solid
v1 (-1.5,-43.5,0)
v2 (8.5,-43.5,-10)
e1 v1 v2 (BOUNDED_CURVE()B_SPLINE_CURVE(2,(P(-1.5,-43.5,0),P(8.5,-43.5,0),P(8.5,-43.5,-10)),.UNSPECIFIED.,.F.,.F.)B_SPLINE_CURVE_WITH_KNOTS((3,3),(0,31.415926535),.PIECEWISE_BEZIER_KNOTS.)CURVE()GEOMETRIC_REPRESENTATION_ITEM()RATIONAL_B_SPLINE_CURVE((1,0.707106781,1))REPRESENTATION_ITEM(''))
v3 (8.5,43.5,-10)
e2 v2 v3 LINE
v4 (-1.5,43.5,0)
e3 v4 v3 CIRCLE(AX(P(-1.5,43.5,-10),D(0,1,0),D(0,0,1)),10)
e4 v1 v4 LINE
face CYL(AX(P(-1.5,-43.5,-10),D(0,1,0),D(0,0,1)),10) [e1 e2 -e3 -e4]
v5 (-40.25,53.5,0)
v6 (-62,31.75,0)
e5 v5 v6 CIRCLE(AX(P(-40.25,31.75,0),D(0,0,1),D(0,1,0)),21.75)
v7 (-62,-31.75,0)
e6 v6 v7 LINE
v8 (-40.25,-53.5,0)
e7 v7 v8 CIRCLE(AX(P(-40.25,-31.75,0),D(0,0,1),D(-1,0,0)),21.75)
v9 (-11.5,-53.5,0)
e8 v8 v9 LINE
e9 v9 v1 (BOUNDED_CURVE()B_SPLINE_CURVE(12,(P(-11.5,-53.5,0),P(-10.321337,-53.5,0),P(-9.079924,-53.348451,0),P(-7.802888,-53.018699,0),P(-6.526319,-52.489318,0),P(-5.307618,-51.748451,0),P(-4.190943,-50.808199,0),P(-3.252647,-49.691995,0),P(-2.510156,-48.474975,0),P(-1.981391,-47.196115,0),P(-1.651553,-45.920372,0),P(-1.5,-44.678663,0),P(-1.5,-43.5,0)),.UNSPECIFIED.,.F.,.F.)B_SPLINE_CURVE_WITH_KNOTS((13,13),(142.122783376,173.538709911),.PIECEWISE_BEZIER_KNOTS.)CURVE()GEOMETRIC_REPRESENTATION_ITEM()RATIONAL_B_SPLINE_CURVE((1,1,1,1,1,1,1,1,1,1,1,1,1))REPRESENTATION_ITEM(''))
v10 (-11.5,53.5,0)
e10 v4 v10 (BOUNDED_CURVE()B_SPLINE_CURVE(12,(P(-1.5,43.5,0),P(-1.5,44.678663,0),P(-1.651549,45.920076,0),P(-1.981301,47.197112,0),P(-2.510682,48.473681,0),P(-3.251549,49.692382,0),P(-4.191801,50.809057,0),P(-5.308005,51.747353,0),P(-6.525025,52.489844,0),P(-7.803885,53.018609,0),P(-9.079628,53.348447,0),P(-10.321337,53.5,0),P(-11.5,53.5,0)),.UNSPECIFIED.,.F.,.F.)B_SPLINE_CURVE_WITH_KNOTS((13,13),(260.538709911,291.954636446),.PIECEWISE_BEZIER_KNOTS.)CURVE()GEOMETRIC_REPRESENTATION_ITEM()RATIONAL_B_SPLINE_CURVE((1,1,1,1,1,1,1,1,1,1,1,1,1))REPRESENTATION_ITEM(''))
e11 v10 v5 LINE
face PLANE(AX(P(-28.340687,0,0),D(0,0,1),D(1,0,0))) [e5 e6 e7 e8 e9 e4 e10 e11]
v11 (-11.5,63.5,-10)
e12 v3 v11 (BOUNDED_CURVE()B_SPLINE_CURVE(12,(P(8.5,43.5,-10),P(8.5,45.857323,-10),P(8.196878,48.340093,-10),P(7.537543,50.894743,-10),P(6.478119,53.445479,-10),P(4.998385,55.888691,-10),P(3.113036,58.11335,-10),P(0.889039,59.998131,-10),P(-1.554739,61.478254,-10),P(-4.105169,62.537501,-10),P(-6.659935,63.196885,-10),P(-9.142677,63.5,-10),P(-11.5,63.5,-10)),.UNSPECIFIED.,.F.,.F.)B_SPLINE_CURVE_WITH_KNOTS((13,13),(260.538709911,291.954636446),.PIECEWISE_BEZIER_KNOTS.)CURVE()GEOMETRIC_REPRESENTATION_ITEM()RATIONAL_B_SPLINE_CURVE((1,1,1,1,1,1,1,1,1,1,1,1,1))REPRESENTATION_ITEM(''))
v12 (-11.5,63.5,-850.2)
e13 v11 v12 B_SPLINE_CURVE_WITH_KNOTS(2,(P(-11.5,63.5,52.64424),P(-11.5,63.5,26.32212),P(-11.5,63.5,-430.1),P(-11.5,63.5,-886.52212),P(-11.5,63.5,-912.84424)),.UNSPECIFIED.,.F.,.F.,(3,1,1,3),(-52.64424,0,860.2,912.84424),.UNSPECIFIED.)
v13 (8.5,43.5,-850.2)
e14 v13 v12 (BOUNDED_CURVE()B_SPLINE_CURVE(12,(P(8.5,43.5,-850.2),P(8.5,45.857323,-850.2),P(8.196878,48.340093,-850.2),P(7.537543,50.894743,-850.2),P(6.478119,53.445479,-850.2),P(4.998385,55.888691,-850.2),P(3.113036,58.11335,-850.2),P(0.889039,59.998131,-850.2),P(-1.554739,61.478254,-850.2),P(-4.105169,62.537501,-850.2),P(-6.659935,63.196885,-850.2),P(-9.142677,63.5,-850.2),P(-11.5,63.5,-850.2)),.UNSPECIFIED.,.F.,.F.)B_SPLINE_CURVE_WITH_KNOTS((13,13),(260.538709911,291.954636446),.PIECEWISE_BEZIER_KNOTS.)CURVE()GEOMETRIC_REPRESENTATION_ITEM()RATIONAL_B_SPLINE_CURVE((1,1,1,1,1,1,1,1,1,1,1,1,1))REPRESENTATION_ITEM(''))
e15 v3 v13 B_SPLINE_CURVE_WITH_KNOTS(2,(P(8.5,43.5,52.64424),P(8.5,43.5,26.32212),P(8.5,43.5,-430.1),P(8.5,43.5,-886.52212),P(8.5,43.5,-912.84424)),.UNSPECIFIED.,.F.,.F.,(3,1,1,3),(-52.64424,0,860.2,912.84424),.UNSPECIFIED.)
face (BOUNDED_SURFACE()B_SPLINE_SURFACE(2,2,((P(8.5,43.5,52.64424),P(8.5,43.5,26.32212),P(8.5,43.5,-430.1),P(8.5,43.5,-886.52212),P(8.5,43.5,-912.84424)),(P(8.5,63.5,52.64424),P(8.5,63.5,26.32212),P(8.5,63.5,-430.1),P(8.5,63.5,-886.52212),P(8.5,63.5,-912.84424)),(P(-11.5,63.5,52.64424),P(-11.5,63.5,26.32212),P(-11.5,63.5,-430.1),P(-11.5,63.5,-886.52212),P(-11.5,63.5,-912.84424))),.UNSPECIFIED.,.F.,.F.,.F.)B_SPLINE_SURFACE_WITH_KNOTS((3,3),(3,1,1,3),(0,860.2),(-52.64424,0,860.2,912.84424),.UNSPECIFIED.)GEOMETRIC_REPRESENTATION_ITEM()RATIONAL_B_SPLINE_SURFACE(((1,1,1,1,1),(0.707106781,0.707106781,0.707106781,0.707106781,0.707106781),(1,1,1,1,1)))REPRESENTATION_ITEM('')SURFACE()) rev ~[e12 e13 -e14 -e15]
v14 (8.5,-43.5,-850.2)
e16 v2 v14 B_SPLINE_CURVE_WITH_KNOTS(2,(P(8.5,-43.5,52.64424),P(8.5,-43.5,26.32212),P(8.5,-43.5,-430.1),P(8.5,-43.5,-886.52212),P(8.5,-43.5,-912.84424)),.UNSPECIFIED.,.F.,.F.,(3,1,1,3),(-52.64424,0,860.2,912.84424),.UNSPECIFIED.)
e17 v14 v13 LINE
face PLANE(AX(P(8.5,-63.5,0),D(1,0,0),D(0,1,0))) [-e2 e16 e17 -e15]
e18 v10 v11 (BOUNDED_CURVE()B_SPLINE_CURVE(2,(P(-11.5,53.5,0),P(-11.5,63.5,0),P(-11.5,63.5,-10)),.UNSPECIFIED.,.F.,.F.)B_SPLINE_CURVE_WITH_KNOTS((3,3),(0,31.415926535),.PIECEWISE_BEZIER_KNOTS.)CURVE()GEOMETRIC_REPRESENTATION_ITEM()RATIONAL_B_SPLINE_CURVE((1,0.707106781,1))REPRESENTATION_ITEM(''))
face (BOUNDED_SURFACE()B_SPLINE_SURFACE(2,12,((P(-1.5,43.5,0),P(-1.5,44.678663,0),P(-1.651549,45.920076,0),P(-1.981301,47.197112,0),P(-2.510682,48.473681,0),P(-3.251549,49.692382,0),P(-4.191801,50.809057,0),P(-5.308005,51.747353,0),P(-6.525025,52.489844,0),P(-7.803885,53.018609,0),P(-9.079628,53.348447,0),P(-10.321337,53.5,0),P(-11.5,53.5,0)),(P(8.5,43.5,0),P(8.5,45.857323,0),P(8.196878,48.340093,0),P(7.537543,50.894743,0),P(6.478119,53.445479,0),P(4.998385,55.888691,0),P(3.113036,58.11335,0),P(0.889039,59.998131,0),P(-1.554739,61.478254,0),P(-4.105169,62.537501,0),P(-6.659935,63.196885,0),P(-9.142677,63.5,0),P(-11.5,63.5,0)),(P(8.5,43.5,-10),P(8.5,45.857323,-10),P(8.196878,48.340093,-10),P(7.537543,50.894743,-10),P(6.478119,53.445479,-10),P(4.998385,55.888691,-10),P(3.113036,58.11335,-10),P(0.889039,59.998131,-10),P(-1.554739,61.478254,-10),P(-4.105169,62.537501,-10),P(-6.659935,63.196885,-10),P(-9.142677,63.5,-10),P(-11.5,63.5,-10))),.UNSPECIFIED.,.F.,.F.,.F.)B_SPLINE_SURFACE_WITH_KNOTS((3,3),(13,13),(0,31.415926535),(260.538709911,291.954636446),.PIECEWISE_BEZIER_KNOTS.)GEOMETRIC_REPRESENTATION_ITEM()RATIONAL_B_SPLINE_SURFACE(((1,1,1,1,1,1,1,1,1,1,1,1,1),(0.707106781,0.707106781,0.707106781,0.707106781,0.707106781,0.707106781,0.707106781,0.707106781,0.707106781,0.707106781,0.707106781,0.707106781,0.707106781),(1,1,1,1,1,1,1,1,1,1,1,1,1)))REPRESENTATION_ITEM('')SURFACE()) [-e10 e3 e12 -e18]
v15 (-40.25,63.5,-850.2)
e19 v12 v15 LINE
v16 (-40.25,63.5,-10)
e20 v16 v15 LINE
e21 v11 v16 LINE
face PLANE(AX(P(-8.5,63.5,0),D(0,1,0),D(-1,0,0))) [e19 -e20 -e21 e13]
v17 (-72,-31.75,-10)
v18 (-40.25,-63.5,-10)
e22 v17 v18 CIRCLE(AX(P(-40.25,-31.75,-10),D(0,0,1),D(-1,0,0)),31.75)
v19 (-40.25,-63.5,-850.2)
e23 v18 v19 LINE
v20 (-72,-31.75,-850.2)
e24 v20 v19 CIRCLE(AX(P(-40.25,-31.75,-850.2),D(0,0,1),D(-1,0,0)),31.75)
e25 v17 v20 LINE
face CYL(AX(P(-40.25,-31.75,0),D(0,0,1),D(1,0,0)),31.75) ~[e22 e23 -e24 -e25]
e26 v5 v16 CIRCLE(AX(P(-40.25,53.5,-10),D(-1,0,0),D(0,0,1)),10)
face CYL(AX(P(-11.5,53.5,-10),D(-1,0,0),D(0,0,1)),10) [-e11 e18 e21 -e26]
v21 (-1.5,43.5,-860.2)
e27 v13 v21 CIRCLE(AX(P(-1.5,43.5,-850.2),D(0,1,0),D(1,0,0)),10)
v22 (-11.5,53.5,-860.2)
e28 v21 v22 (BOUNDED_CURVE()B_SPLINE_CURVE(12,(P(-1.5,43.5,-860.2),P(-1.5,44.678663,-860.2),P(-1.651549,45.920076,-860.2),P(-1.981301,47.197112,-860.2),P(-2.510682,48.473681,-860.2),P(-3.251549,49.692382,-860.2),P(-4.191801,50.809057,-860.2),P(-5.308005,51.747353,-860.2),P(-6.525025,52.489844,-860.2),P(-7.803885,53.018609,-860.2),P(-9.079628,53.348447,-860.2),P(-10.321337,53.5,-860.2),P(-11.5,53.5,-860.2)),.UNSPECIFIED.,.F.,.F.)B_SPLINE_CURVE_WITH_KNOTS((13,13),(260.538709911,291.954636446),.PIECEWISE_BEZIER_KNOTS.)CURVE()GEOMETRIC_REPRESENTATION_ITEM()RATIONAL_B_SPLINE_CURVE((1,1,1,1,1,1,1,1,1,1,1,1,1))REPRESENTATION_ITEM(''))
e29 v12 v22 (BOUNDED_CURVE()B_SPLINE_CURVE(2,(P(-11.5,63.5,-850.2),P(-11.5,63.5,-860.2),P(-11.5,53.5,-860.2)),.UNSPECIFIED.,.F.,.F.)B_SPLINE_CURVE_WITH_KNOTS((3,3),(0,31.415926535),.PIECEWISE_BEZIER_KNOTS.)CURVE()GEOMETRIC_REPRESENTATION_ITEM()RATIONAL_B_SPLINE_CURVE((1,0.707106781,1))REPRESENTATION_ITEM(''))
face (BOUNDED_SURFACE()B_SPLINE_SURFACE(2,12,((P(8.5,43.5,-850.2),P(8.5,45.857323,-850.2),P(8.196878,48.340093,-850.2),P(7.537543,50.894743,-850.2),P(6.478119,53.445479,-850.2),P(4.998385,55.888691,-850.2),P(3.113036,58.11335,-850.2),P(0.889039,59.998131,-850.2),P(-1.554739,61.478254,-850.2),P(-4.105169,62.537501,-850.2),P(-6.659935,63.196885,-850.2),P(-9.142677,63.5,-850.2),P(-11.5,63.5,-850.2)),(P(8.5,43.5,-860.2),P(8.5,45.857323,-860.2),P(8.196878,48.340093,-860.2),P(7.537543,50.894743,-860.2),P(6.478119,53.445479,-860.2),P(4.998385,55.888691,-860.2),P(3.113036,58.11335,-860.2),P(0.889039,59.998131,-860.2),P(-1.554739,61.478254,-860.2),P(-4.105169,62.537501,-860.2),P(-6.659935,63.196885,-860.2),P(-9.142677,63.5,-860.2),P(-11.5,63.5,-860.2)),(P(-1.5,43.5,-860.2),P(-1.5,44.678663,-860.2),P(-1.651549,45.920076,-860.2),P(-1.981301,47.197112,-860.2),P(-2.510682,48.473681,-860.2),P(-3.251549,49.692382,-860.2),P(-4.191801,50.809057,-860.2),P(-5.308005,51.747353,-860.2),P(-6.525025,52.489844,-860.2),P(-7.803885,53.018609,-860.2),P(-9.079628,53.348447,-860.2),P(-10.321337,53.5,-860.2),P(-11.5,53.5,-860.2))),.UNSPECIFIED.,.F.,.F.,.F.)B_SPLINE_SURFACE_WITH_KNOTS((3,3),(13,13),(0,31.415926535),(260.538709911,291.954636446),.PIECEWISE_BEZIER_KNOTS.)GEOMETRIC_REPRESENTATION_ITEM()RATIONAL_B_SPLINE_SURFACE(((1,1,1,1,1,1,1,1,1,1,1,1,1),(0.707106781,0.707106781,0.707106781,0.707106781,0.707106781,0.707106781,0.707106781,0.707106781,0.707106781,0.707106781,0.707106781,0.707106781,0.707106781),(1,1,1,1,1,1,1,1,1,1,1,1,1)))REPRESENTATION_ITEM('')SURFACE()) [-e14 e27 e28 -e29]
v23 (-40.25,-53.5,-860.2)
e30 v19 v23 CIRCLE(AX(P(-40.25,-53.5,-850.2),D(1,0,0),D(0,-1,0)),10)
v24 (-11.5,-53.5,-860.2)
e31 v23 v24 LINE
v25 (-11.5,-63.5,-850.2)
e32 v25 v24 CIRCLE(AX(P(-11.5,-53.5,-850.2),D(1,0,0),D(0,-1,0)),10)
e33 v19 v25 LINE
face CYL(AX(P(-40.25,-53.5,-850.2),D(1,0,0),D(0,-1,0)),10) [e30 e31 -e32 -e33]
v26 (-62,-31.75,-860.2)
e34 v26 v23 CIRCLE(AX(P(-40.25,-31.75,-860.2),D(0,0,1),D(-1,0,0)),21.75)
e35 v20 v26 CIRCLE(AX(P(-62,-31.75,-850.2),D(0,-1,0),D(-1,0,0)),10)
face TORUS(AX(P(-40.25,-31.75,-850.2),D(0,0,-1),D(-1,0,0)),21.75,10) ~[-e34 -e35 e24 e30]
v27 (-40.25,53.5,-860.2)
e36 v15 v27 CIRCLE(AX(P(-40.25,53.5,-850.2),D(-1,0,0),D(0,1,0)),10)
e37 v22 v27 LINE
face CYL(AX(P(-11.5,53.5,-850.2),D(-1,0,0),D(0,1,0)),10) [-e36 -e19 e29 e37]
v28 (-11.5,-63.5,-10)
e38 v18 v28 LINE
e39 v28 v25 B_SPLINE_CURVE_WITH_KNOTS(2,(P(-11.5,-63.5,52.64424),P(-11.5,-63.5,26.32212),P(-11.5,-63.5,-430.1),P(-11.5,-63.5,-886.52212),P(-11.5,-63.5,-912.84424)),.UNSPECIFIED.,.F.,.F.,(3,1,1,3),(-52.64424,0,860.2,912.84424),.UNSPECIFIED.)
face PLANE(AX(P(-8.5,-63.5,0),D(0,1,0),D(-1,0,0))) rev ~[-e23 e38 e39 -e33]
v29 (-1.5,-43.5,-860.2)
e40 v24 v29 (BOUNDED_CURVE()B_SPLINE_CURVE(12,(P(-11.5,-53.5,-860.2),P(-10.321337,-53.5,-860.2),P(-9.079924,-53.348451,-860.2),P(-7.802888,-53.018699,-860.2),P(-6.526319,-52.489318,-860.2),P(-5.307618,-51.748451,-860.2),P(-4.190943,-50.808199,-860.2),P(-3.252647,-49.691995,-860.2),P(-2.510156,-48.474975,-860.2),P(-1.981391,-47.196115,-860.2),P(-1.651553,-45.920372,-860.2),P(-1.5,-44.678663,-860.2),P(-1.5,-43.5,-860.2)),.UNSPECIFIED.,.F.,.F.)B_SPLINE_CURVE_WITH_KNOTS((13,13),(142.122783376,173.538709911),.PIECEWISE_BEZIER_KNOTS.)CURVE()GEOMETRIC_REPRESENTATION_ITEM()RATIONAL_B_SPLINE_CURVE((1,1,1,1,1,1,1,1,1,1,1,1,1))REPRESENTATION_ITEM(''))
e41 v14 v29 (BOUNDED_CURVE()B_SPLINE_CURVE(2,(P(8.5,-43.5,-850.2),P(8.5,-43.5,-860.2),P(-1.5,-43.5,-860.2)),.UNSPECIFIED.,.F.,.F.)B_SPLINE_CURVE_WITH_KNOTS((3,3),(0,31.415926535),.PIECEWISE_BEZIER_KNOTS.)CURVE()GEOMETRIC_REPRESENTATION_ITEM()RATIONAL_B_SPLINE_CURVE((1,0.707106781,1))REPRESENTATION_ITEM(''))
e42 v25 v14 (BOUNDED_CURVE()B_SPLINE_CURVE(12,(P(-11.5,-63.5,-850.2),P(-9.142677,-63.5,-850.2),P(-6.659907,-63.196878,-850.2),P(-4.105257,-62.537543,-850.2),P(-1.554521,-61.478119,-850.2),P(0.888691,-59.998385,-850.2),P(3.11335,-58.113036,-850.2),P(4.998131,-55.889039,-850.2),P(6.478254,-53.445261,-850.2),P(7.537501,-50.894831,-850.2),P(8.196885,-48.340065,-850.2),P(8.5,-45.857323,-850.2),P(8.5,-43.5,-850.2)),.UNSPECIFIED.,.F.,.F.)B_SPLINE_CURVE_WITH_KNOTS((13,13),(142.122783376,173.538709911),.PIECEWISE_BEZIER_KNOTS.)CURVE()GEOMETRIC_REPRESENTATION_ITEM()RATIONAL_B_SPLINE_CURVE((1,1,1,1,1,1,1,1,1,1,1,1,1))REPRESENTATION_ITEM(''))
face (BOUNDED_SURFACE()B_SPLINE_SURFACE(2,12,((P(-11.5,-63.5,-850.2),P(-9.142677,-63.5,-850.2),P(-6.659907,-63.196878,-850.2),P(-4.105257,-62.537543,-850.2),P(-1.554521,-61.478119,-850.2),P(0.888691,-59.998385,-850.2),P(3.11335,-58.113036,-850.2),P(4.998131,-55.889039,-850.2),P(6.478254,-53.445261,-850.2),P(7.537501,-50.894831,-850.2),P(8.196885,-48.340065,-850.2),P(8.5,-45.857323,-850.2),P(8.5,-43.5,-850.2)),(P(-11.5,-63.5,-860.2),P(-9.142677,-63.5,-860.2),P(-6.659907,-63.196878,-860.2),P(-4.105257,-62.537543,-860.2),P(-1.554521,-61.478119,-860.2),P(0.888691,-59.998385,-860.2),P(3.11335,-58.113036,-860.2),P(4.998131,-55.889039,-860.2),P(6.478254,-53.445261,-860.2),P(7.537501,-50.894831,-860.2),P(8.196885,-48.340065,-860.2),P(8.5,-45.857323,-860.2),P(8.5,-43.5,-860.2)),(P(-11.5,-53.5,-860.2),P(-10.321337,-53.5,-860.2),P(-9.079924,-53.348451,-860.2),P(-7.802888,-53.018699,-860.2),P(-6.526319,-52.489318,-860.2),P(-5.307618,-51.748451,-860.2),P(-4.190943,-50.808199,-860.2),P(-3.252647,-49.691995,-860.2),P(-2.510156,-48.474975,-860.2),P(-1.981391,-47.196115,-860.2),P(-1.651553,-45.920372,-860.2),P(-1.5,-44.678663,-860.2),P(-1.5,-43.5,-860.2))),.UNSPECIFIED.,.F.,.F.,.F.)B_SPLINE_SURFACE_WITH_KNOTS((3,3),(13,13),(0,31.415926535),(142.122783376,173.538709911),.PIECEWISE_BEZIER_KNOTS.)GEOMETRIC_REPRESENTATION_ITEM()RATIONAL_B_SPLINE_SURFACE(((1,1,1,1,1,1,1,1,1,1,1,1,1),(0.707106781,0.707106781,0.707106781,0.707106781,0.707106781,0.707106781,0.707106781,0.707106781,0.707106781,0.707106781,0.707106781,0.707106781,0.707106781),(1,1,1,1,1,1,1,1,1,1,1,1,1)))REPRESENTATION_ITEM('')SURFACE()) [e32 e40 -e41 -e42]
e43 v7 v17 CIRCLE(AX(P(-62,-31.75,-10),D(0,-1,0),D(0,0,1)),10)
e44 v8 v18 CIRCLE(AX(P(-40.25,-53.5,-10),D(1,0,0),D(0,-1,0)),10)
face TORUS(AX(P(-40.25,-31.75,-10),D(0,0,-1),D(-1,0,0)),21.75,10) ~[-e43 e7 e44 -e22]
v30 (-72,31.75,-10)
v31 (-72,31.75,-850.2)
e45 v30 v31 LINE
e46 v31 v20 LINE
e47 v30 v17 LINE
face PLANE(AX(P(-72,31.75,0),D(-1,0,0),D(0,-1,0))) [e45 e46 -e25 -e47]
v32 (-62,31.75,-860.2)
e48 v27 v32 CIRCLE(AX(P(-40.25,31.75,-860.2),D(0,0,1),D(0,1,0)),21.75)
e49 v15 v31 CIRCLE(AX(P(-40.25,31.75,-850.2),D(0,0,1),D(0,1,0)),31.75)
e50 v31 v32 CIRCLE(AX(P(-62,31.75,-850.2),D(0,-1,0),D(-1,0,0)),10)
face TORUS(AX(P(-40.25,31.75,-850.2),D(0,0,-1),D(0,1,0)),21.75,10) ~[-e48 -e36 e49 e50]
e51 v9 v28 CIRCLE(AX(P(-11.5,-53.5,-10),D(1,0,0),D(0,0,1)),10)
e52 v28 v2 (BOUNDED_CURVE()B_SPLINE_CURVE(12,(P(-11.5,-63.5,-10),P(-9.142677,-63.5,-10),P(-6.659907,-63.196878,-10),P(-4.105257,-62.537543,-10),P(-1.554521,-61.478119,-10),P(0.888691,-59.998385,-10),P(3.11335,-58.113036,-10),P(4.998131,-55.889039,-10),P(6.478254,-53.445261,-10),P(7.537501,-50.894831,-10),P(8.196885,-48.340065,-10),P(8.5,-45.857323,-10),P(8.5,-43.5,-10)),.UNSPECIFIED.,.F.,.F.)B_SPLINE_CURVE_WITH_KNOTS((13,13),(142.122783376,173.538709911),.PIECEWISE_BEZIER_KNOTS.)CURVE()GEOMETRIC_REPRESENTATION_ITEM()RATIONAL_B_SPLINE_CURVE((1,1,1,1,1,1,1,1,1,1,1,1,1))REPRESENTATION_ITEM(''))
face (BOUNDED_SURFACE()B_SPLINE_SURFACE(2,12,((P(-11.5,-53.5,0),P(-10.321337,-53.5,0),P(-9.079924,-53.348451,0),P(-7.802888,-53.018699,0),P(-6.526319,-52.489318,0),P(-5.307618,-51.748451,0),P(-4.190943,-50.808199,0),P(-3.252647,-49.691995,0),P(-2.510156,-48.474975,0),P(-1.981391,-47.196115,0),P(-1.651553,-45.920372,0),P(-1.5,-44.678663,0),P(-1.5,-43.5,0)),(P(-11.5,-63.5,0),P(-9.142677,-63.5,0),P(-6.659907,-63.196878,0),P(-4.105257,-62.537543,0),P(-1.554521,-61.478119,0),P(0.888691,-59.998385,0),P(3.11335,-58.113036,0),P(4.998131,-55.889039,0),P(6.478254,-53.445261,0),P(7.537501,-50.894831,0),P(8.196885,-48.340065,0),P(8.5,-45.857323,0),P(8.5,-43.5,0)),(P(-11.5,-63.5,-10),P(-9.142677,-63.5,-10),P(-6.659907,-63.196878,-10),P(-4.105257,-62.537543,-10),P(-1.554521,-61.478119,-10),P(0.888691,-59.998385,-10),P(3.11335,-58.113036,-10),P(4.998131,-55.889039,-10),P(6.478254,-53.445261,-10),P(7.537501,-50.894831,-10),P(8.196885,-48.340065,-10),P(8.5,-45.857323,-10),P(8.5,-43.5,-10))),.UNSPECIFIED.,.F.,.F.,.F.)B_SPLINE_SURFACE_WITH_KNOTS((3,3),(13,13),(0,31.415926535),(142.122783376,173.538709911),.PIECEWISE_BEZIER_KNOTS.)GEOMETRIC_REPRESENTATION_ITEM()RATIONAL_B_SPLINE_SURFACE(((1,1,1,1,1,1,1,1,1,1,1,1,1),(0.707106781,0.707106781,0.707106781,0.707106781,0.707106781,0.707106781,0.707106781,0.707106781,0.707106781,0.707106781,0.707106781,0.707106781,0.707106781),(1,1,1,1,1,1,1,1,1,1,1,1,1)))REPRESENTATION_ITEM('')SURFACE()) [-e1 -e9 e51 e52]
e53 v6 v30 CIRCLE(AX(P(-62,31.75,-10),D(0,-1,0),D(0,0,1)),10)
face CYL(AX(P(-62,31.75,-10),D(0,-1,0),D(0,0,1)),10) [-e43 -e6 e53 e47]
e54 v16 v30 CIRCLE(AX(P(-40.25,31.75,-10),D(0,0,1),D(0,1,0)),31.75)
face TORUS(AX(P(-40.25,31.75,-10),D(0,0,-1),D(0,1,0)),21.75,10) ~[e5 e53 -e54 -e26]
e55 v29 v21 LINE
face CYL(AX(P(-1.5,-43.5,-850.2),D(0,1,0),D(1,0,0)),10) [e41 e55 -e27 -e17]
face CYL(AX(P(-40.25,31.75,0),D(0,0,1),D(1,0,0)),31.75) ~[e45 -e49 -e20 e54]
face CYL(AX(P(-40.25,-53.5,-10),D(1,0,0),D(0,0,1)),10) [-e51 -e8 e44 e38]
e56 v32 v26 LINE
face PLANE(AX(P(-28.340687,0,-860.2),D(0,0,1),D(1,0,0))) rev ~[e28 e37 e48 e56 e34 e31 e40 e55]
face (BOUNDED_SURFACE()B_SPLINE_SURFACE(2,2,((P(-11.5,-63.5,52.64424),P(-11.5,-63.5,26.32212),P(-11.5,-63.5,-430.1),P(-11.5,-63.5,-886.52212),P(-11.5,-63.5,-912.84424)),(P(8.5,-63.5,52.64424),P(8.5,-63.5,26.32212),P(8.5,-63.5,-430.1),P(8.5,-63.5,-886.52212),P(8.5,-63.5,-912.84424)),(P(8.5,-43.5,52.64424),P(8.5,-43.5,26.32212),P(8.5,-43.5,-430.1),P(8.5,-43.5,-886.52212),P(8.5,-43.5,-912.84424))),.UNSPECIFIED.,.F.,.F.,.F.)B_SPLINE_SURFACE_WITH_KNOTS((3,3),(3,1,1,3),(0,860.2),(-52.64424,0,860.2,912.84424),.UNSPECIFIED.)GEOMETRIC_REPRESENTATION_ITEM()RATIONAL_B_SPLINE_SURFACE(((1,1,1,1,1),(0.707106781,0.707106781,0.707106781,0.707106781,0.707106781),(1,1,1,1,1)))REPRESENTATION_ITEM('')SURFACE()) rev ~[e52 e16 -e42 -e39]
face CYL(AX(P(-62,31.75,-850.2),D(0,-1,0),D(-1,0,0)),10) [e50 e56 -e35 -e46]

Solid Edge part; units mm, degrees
sketch "Sketch1" plane through (0, 0, 0) normal (0, 0, 1) x (1, 0, 0)
  line L0 (-8.5, 63.5) -> (-40.25, 63.5)
  line L1 (8.5, 63.5) -> (-8.5, 63.5)
  line L2 (8.5, -63.5) -> (8.5, 63.5)
  line L3 (-8.5, -63.5) -> (8.5, -63.5)
  line L4 (-8.5, -63.5) -> (-40.25, -63.5)
  line L5 (-72, 31.75) -> (-72, -31.75)
  arc A0 (-72, 31.75) -> (-40.25, 63.5) centre (-40.25, 31.75) cw
  arc A1 (-40.25, -63.5) -> (-72, -31.75) centre (-40.25, -31.75) cw
extrude "Protrusion1" add sketch "Sketch1" against normal blind 860.2
fillet "Round_2" radius 20 1 edges at (8.5, -63.5, -430.1)
fillet "Round_3" radius 20 1 edges at (8.5, 63.5, -430.1)
fillet "Round_4" radius 10 16 edges at (-72, 0, -860.2) (-62.7006, 54.2006, -860.2) (-25.875, 63.5, -860.2) (2.6421, 57.6421, -860.2) (8.5, 0, -860.2) (2.6421, -57.6421, -860.2) (-25.875, -63.5, -860.2) (-62.7006, -54.2006, -860.2) (-72, 0, 0) (-62.7006, 54.2006, 0) (-25.875, 63.5, 0) (2.6421, 57.6421, 0) (8.5, 0, 0) (2.6421, -57.6421, 0) (-25.875, -63.5, 0) (-62.7006, -54.2006, 0)
properties part number "BumbleB0981"
